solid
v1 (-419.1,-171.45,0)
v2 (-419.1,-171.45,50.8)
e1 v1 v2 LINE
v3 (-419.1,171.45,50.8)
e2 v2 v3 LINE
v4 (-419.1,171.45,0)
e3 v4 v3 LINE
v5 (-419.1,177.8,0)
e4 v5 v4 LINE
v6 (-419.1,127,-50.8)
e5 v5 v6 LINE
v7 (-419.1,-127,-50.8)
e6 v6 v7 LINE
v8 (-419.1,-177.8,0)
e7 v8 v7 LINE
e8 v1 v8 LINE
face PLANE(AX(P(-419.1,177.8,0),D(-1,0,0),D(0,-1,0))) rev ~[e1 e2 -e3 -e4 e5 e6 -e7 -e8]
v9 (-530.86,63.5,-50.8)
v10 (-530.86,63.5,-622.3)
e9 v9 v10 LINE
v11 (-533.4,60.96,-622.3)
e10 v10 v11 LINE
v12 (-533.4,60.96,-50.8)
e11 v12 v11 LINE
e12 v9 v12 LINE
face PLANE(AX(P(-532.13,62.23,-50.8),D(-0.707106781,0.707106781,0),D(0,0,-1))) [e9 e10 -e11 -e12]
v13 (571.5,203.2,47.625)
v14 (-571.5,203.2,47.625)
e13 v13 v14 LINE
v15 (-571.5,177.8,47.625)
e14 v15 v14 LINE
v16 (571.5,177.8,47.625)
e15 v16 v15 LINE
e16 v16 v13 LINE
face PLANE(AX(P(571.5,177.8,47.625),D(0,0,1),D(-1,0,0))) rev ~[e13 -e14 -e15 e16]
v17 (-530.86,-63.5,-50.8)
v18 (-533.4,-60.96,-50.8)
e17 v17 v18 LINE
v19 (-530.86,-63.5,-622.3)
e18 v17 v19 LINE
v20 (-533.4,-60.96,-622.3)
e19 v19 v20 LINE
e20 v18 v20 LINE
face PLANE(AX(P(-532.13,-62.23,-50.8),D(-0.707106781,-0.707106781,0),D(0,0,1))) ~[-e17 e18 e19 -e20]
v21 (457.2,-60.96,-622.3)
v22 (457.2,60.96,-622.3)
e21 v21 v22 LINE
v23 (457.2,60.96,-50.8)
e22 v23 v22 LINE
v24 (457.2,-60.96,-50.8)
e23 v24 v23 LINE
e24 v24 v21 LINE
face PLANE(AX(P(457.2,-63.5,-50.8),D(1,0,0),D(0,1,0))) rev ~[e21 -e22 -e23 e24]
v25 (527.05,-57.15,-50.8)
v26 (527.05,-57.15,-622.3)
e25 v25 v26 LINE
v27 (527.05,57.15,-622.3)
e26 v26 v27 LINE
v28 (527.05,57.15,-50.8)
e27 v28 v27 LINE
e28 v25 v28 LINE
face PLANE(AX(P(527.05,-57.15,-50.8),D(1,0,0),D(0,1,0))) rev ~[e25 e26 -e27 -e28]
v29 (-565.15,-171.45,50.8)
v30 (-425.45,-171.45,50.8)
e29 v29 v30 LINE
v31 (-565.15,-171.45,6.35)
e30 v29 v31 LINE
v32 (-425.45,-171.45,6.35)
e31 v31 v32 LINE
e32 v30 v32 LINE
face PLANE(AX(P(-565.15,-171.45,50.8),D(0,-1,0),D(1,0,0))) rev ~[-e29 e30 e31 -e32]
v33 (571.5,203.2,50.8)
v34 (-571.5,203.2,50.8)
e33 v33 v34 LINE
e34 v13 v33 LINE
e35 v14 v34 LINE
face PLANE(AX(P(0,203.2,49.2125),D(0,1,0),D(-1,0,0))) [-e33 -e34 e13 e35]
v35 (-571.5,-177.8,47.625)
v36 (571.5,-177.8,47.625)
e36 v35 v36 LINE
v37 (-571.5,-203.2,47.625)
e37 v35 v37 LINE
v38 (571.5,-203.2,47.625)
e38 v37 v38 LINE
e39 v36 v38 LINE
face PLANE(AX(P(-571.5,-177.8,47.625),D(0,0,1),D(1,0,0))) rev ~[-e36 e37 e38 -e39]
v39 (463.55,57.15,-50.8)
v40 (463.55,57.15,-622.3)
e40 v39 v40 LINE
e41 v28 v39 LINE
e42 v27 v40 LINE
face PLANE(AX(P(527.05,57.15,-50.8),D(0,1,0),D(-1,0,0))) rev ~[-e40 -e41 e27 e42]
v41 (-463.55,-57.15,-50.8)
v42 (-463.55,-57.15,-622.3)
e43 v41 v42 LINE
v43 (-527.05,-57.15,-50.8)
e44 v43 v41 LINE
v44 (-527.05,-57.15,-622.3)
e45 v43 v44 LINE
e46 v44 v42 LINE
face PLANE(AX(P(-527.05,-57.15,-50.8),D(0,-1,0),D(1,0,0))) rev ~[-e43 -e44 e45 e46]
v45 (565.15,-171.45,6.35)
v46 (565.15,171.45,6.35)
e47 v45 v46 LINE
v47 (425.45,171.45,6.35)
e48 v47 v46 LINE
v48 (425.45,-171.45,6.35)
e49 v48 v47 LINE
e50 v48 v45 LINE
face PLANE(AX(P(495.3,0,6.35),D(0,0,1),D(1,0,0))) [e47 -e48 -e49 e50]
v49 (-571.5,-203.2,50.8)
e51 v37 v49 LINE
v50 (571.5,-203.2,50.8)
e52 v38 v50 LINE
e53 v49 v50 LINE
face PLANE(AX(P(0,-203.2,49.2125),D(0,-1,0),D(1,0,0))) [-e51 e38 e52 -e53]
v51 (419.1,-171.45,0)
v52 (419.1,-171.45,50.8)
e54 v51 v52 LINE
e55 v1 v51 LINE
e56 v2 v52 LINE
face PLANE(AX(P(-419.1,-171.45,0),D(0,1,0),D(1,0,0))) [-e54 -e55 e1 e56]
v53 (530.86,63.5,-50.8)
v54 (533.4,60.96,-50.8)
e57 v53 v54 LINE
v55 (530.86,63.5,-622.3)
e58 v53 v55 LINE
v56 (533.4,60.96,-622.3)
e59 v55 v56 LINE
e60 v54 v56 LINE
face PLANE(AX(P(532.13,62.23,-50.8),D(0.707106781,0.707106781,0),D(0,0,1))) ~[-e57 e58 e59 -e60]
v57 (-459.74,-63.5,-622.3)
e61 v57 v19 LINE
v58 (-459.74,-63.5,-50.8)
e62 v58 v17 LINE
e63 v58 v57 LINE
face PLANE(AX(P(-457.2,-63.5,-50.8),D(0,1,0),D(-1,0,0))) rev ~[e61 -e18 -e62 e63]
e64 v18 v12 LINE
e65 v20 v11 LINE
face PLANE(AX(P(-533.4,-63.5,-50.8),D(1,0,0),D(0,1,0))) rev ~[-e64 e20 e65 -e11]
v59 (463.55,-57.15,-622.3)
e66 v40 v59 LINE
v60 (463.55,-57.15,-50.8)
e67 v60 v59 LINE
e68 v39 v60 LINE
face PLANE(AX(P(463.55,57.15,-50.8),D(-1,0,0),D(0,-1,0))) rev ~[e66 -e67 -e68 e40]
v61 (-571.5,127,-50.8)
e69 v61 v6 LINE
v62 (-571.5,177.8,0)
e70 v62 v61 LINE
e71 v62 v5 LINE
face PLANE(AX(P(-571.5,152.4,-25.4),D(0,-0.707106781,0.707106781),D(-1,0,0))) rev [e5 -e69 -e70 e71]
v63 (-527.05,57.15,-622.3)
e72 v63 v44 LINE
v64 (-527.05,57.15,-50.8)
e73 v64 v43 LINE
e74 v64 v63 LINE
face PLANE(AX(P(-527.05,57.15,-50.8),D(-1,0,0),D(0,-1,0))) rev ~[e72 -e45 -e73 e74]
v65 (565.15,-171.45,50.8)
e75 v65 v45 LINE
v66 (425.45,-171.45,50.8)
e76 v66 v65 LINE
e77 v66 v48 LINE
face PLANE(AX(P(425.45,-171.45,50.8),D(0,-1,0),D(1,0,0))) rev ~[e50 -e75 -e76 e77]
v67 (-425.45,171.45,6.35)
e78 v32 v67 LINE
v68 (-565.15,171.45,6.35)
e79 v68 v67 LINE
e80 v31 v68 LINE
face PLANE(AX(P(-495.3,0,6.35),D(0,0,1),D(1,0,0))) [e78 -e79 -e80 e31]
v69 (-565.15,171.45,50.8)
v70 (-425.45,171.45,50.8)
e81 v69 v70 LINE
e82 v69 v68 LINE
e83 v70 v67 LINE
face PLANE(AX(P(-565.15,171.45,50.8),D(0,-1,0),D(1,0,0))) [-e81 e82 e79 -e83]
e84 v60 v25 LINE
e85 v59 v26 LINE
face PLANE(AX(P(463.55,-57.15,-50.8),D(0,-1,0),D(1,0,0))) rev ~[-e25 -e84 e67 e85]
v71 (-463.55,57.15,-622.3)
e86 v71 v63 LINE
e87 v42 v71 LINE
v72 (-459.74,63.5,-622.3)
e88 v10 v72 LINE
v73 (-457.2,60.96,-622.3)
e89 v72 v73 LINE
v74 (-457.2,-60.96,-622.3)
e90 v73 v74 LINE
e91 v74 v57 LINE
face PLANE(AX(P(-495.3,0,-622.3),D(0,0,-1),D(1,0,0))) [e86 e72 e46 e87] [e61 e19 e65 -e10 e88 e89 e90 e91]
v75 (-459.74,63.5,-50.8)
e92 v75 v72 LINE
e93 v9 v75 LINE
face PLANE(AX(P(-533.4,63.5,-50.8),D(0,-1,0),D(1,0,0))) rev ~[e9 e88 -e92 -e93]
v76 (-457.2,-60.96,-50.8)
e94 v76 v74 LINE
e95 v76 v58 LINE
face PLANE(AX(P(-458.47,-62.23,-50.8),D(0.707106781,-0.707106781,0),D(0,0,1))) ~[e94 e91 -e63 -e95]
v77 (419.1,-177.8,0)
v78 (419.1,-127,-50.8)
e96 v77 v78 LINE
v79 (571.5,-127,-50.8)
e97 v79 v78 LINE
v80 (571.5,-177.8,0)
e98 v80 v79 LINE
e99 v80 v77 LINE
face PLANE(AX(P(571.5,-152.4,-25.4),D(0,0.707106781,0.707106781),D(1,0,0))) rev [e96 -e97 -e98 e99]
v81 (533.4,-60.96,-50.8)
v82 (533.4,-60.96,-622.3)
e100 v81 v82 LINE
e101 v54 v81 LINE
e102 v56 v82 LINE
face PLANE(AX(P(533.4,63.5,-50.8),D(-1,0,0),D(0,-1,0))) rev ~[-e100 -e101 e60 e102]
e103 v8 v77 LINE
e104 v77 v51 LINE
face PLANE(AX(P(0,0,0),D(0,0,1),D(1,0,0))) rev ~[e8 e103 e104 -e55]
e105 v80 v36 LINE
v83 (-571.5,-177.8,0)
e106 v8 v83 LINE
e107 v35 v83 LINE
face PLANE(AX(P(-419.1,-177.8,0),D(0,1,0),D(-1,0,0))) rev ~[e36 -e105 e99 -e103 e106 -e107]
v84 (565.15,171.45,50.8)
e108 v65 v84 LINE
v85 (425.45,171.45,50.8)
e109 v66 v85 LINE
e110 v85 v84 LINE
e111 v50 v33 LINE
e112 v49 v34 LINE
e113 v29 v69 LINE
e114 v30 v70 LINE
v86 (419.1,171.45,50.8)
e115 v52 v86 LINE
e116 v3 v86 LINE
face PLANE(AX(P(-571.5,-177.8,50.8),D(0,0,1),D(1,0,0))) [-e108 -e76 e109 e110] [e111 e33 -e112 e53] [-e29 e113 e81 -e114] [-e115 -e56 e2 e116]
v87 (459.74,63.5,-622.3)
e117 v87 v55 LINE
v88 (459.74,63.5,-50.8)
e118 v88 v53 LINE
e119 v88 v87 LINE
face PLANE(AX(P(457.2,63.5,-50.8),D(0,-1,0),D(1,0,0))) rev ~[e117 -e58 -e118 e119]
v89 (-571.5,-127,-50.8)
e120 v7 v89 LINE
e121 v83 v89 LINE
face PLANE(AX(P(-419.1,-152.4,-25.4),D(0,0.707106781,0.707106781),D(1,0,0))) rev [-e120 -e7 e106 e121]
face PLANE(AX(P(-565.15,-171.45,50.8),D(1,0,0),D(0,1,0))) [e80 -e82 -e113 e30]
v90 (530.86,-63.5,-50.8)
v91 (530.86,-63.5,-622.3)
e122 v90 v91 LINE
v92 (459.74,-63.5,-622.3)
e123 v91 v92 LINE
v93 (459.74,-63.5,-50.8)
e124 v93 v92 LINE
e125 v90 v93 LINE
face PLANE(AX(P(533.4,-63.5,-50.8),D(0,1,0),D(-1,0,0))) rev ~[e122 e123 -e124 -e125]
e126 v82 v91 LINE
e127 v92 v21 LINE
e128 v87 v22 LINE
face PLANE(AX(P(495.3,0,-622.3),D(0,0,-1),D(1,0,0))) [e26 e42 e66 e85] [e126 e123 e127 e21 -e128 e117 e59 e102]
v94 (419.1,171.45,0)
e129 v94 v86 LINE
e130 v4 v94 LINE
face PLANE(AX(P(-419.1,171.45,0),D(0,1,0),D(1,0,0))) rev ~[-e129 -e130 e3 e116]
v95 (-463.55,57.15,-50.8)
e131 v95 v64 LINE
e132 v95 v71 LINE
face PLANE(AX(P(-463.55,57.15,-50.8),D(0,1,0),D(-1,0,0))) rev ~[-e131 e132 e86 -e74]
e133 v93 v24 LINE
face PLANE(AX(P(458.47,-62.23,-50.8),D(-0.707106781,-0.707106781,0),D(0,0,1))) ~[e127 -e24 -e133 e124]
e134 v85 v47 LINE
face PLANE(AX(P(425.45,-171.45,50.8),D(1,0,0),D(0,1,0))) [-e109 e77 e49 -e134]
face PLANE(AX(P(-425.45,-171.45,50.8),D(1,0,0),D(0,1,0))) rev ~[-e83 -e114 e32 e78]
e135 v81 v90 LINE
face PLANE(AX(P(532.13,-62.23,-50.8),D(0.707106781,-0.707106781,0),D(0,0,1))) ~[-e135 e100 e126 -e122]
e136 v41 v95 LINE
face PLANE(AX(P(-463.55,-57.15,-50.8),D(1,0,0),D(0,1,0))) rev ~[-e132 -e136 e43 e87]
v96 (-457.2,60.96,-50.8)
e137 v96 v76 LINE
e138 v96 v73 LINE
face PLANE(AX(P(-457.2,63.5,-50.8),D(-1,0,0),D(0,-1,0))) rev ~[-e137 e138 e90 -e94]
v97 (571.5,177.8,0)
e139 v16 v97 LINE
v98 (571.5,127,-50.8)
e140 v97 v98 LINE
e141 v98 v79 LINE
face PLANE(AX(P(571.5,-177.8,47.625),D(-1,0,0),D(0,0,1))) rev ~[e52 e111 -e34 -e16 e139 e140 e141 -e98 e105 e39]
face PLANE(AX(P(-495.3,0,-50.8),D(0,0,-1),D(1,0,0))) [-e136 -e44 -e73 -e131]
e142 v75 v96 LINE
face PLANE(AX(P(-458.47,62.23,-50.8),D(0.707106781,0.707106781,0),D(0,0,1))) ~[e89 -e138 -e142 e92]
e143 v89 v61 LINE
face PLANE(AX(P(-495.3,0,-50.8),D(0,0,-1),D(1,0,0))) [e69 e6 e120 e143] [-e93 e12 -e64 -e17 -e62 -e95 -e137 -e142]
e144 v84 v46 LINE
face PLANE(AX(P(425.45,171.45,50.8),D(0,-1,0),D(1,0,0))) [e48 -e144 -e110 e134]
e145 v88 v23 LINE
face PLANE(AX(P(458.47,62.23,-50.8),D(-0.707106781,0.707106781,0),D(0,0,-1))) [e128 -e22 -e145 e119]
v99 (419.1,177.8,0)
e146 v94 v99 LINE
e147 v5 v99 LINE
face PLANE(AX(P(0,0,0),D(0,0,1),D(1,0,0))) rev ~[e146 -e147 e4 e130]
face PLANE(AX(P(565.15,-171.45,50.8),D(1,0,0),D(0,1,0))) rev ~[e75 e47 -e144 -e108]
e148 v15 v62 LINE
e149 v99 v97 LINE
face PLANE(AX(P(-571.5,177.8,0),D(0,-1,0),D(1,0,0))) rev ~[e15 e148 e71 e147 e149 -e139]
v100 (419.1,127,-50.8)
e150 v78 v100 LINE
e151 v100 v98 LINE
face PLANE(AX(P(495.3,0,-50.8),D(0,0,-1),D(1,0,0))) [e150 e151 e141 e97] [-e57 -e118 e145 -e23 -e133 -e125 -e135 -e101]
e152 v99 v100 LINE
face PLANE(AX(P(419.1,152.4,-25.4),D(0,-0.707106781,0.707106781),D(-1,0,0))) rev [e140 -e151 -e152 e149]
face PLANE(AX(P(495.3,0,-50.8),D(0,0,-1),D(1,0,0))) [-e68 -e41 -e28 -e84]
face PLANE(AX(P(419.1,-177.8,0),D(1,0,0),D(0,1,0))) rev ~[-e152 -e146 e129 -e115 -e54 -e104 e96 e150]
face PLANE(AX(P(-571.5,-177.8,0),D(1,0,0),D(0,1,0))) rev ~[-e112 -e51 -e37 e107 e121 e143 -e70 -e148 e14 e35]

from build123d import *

# Parameters (mm, degrees)
F0_W      = 1143
F0_H      = 355.6
F0_W_2    = 838.2
F0_H_2    = 342.9
F1_DEPTH  = 50.8
F2_W      = 139.7
F2_H      = 342.9
F3_DEPTH  = 44.45
F4_W      = 1143
F4_H      = 3.175
F5_DEPTH  = 25.4
F6_W      = 1143
F6_H      = 3.175
F7_DEPTH  = 25.4
F9_DEPTH  = 50.8
F10_SIZE  = 50.8
F13_DEPTH = 571.5
F14_SIZE  = 2.54


with BuildPart() as f1:
    # F0 (on Top) → F1 (new body)
    with BuildSketch(Plane.XY):
        Rectangle(F0_W, F0_H)
        Rectangle(F0_W_2, F0_H_2, mode=Mode.SUBTRACT)
    extrude(amount=F1_DEPTH)

    # F2 (on face) → F3 (cut)
    with BuildSketch(Plane.XY.offset(50.8)):
        with Locations((-495.3, 0)):
            Rectangle(F2_W, F2_H)
        with Locations((495.3, 0)):
            Rectangle(F2_W, F2_H)
    extrude(amount=-F3_DEPTH, mode=Mode.SUBTRACT)

    # F4 (on face) → F5 (join)
    with BuildSketch(Plane(origin=(0, 177.8, 0), x_dir=(-1, 0, 0), z_dir=(0, 1, 0))):
        with Locations((0, 49.2125)):
            Rectangle(F4_W, F4_H)
    extrude(amount=F5_DEPTH)

    # F6 (on face) → F7 (join)
    with BuildSketch(Plane.XZ.offset(177.8)):
        with Locations((0, 49.2125)):
            Rectangle(F6_W, F6_H)
    extrude(amount=F7_DEPTH)

    # F8 (on face) → F9 (join)
    with BuildSketch(Plane(origin=(0, 0, 0), x_dir=(1, 0, 0), z_dir=(0, 0, -1))):
        Polygon((-419.1, 177.8), (-571.5, 177.8), (-571.5, -177.8), (-419.1, -177.8), (-419.1, -171.45), (-419.1, 171.45), align=None)
        Polygon((571.5, 177.8), (419.1, 177.8), (419.1, 171.45), (419.1, -171.45), (419.1, -177.8), (571.5, -177.8), align=None)
    extrude(amount=F9_DEPTH)

    # F10
    f10_edges = [f1.edges().sort_by_distance(p)[0] for p in [
        (-495.3, 177.8, -50.8),
        (-495.3, -177.8, -50.8),
        (495.3, -177.8, -50.8),
        (495.3, 177.8, -50.8),
    ]]
    chamfer(f10_edges, length=F10_SIZE)

    # F11 (on face) + F12 (on face) → F13 (join)
    with BuildSketch(Plane(origin=(0, 0, -50.8), x_dir=(1, 0, 0), z_dir=(0, 0, -1))):
        Polygon((457.2, -63.5), (495.3, -63.5), (533.4, -63.5), (533.4, 63.5), (457.2, 63.5), align=None)
        Polygon((527.05, -57.15), (495.3, -57.15), (463.55, -57.15), (463.55, 57.15), (527.05, 57.15), align=None, mode=Mode.SUBTRACT)
    with BuildSketch(Plane(origin=(0, 0, -50.8), x_dir=(1, 0, 0), z_dir=(0, 0, -1))):
        Polygon((-533.4, -63.5), (-495.3, -63.5), (-457.2, -63.5), (-457.2, 63.5), (-533.4, 63.5), align=None)
        Polygon((-463.55, -57.15), (-495.3, -57.15), (-527.05, -57.15), (-527.05, 57.15), (-463.55, 57.15), align=None, mode=Mode.SUBTRACT)
    extrude(amount=F13_DEPTH)

    # F14
    f14_edges = [f1.edges().sort_by_distance(p)[0] for p in [
        (-457.2, -63.5, -336.55),
        (-533.4, -63.5, -336.55),
        (-457.2, 63.5, -336.55),
        (533.4, -63.5, -336.55),
        (457.2, -63.5, -336.55),
        (533.4, 63.5, -336.55),
        (457.2, 63.5, -336.55),
        (-533.4, 63.5, -336.55),
    ]]
    chamfer(f14_edges, length=F14_SIZE)


solid = f1.part
